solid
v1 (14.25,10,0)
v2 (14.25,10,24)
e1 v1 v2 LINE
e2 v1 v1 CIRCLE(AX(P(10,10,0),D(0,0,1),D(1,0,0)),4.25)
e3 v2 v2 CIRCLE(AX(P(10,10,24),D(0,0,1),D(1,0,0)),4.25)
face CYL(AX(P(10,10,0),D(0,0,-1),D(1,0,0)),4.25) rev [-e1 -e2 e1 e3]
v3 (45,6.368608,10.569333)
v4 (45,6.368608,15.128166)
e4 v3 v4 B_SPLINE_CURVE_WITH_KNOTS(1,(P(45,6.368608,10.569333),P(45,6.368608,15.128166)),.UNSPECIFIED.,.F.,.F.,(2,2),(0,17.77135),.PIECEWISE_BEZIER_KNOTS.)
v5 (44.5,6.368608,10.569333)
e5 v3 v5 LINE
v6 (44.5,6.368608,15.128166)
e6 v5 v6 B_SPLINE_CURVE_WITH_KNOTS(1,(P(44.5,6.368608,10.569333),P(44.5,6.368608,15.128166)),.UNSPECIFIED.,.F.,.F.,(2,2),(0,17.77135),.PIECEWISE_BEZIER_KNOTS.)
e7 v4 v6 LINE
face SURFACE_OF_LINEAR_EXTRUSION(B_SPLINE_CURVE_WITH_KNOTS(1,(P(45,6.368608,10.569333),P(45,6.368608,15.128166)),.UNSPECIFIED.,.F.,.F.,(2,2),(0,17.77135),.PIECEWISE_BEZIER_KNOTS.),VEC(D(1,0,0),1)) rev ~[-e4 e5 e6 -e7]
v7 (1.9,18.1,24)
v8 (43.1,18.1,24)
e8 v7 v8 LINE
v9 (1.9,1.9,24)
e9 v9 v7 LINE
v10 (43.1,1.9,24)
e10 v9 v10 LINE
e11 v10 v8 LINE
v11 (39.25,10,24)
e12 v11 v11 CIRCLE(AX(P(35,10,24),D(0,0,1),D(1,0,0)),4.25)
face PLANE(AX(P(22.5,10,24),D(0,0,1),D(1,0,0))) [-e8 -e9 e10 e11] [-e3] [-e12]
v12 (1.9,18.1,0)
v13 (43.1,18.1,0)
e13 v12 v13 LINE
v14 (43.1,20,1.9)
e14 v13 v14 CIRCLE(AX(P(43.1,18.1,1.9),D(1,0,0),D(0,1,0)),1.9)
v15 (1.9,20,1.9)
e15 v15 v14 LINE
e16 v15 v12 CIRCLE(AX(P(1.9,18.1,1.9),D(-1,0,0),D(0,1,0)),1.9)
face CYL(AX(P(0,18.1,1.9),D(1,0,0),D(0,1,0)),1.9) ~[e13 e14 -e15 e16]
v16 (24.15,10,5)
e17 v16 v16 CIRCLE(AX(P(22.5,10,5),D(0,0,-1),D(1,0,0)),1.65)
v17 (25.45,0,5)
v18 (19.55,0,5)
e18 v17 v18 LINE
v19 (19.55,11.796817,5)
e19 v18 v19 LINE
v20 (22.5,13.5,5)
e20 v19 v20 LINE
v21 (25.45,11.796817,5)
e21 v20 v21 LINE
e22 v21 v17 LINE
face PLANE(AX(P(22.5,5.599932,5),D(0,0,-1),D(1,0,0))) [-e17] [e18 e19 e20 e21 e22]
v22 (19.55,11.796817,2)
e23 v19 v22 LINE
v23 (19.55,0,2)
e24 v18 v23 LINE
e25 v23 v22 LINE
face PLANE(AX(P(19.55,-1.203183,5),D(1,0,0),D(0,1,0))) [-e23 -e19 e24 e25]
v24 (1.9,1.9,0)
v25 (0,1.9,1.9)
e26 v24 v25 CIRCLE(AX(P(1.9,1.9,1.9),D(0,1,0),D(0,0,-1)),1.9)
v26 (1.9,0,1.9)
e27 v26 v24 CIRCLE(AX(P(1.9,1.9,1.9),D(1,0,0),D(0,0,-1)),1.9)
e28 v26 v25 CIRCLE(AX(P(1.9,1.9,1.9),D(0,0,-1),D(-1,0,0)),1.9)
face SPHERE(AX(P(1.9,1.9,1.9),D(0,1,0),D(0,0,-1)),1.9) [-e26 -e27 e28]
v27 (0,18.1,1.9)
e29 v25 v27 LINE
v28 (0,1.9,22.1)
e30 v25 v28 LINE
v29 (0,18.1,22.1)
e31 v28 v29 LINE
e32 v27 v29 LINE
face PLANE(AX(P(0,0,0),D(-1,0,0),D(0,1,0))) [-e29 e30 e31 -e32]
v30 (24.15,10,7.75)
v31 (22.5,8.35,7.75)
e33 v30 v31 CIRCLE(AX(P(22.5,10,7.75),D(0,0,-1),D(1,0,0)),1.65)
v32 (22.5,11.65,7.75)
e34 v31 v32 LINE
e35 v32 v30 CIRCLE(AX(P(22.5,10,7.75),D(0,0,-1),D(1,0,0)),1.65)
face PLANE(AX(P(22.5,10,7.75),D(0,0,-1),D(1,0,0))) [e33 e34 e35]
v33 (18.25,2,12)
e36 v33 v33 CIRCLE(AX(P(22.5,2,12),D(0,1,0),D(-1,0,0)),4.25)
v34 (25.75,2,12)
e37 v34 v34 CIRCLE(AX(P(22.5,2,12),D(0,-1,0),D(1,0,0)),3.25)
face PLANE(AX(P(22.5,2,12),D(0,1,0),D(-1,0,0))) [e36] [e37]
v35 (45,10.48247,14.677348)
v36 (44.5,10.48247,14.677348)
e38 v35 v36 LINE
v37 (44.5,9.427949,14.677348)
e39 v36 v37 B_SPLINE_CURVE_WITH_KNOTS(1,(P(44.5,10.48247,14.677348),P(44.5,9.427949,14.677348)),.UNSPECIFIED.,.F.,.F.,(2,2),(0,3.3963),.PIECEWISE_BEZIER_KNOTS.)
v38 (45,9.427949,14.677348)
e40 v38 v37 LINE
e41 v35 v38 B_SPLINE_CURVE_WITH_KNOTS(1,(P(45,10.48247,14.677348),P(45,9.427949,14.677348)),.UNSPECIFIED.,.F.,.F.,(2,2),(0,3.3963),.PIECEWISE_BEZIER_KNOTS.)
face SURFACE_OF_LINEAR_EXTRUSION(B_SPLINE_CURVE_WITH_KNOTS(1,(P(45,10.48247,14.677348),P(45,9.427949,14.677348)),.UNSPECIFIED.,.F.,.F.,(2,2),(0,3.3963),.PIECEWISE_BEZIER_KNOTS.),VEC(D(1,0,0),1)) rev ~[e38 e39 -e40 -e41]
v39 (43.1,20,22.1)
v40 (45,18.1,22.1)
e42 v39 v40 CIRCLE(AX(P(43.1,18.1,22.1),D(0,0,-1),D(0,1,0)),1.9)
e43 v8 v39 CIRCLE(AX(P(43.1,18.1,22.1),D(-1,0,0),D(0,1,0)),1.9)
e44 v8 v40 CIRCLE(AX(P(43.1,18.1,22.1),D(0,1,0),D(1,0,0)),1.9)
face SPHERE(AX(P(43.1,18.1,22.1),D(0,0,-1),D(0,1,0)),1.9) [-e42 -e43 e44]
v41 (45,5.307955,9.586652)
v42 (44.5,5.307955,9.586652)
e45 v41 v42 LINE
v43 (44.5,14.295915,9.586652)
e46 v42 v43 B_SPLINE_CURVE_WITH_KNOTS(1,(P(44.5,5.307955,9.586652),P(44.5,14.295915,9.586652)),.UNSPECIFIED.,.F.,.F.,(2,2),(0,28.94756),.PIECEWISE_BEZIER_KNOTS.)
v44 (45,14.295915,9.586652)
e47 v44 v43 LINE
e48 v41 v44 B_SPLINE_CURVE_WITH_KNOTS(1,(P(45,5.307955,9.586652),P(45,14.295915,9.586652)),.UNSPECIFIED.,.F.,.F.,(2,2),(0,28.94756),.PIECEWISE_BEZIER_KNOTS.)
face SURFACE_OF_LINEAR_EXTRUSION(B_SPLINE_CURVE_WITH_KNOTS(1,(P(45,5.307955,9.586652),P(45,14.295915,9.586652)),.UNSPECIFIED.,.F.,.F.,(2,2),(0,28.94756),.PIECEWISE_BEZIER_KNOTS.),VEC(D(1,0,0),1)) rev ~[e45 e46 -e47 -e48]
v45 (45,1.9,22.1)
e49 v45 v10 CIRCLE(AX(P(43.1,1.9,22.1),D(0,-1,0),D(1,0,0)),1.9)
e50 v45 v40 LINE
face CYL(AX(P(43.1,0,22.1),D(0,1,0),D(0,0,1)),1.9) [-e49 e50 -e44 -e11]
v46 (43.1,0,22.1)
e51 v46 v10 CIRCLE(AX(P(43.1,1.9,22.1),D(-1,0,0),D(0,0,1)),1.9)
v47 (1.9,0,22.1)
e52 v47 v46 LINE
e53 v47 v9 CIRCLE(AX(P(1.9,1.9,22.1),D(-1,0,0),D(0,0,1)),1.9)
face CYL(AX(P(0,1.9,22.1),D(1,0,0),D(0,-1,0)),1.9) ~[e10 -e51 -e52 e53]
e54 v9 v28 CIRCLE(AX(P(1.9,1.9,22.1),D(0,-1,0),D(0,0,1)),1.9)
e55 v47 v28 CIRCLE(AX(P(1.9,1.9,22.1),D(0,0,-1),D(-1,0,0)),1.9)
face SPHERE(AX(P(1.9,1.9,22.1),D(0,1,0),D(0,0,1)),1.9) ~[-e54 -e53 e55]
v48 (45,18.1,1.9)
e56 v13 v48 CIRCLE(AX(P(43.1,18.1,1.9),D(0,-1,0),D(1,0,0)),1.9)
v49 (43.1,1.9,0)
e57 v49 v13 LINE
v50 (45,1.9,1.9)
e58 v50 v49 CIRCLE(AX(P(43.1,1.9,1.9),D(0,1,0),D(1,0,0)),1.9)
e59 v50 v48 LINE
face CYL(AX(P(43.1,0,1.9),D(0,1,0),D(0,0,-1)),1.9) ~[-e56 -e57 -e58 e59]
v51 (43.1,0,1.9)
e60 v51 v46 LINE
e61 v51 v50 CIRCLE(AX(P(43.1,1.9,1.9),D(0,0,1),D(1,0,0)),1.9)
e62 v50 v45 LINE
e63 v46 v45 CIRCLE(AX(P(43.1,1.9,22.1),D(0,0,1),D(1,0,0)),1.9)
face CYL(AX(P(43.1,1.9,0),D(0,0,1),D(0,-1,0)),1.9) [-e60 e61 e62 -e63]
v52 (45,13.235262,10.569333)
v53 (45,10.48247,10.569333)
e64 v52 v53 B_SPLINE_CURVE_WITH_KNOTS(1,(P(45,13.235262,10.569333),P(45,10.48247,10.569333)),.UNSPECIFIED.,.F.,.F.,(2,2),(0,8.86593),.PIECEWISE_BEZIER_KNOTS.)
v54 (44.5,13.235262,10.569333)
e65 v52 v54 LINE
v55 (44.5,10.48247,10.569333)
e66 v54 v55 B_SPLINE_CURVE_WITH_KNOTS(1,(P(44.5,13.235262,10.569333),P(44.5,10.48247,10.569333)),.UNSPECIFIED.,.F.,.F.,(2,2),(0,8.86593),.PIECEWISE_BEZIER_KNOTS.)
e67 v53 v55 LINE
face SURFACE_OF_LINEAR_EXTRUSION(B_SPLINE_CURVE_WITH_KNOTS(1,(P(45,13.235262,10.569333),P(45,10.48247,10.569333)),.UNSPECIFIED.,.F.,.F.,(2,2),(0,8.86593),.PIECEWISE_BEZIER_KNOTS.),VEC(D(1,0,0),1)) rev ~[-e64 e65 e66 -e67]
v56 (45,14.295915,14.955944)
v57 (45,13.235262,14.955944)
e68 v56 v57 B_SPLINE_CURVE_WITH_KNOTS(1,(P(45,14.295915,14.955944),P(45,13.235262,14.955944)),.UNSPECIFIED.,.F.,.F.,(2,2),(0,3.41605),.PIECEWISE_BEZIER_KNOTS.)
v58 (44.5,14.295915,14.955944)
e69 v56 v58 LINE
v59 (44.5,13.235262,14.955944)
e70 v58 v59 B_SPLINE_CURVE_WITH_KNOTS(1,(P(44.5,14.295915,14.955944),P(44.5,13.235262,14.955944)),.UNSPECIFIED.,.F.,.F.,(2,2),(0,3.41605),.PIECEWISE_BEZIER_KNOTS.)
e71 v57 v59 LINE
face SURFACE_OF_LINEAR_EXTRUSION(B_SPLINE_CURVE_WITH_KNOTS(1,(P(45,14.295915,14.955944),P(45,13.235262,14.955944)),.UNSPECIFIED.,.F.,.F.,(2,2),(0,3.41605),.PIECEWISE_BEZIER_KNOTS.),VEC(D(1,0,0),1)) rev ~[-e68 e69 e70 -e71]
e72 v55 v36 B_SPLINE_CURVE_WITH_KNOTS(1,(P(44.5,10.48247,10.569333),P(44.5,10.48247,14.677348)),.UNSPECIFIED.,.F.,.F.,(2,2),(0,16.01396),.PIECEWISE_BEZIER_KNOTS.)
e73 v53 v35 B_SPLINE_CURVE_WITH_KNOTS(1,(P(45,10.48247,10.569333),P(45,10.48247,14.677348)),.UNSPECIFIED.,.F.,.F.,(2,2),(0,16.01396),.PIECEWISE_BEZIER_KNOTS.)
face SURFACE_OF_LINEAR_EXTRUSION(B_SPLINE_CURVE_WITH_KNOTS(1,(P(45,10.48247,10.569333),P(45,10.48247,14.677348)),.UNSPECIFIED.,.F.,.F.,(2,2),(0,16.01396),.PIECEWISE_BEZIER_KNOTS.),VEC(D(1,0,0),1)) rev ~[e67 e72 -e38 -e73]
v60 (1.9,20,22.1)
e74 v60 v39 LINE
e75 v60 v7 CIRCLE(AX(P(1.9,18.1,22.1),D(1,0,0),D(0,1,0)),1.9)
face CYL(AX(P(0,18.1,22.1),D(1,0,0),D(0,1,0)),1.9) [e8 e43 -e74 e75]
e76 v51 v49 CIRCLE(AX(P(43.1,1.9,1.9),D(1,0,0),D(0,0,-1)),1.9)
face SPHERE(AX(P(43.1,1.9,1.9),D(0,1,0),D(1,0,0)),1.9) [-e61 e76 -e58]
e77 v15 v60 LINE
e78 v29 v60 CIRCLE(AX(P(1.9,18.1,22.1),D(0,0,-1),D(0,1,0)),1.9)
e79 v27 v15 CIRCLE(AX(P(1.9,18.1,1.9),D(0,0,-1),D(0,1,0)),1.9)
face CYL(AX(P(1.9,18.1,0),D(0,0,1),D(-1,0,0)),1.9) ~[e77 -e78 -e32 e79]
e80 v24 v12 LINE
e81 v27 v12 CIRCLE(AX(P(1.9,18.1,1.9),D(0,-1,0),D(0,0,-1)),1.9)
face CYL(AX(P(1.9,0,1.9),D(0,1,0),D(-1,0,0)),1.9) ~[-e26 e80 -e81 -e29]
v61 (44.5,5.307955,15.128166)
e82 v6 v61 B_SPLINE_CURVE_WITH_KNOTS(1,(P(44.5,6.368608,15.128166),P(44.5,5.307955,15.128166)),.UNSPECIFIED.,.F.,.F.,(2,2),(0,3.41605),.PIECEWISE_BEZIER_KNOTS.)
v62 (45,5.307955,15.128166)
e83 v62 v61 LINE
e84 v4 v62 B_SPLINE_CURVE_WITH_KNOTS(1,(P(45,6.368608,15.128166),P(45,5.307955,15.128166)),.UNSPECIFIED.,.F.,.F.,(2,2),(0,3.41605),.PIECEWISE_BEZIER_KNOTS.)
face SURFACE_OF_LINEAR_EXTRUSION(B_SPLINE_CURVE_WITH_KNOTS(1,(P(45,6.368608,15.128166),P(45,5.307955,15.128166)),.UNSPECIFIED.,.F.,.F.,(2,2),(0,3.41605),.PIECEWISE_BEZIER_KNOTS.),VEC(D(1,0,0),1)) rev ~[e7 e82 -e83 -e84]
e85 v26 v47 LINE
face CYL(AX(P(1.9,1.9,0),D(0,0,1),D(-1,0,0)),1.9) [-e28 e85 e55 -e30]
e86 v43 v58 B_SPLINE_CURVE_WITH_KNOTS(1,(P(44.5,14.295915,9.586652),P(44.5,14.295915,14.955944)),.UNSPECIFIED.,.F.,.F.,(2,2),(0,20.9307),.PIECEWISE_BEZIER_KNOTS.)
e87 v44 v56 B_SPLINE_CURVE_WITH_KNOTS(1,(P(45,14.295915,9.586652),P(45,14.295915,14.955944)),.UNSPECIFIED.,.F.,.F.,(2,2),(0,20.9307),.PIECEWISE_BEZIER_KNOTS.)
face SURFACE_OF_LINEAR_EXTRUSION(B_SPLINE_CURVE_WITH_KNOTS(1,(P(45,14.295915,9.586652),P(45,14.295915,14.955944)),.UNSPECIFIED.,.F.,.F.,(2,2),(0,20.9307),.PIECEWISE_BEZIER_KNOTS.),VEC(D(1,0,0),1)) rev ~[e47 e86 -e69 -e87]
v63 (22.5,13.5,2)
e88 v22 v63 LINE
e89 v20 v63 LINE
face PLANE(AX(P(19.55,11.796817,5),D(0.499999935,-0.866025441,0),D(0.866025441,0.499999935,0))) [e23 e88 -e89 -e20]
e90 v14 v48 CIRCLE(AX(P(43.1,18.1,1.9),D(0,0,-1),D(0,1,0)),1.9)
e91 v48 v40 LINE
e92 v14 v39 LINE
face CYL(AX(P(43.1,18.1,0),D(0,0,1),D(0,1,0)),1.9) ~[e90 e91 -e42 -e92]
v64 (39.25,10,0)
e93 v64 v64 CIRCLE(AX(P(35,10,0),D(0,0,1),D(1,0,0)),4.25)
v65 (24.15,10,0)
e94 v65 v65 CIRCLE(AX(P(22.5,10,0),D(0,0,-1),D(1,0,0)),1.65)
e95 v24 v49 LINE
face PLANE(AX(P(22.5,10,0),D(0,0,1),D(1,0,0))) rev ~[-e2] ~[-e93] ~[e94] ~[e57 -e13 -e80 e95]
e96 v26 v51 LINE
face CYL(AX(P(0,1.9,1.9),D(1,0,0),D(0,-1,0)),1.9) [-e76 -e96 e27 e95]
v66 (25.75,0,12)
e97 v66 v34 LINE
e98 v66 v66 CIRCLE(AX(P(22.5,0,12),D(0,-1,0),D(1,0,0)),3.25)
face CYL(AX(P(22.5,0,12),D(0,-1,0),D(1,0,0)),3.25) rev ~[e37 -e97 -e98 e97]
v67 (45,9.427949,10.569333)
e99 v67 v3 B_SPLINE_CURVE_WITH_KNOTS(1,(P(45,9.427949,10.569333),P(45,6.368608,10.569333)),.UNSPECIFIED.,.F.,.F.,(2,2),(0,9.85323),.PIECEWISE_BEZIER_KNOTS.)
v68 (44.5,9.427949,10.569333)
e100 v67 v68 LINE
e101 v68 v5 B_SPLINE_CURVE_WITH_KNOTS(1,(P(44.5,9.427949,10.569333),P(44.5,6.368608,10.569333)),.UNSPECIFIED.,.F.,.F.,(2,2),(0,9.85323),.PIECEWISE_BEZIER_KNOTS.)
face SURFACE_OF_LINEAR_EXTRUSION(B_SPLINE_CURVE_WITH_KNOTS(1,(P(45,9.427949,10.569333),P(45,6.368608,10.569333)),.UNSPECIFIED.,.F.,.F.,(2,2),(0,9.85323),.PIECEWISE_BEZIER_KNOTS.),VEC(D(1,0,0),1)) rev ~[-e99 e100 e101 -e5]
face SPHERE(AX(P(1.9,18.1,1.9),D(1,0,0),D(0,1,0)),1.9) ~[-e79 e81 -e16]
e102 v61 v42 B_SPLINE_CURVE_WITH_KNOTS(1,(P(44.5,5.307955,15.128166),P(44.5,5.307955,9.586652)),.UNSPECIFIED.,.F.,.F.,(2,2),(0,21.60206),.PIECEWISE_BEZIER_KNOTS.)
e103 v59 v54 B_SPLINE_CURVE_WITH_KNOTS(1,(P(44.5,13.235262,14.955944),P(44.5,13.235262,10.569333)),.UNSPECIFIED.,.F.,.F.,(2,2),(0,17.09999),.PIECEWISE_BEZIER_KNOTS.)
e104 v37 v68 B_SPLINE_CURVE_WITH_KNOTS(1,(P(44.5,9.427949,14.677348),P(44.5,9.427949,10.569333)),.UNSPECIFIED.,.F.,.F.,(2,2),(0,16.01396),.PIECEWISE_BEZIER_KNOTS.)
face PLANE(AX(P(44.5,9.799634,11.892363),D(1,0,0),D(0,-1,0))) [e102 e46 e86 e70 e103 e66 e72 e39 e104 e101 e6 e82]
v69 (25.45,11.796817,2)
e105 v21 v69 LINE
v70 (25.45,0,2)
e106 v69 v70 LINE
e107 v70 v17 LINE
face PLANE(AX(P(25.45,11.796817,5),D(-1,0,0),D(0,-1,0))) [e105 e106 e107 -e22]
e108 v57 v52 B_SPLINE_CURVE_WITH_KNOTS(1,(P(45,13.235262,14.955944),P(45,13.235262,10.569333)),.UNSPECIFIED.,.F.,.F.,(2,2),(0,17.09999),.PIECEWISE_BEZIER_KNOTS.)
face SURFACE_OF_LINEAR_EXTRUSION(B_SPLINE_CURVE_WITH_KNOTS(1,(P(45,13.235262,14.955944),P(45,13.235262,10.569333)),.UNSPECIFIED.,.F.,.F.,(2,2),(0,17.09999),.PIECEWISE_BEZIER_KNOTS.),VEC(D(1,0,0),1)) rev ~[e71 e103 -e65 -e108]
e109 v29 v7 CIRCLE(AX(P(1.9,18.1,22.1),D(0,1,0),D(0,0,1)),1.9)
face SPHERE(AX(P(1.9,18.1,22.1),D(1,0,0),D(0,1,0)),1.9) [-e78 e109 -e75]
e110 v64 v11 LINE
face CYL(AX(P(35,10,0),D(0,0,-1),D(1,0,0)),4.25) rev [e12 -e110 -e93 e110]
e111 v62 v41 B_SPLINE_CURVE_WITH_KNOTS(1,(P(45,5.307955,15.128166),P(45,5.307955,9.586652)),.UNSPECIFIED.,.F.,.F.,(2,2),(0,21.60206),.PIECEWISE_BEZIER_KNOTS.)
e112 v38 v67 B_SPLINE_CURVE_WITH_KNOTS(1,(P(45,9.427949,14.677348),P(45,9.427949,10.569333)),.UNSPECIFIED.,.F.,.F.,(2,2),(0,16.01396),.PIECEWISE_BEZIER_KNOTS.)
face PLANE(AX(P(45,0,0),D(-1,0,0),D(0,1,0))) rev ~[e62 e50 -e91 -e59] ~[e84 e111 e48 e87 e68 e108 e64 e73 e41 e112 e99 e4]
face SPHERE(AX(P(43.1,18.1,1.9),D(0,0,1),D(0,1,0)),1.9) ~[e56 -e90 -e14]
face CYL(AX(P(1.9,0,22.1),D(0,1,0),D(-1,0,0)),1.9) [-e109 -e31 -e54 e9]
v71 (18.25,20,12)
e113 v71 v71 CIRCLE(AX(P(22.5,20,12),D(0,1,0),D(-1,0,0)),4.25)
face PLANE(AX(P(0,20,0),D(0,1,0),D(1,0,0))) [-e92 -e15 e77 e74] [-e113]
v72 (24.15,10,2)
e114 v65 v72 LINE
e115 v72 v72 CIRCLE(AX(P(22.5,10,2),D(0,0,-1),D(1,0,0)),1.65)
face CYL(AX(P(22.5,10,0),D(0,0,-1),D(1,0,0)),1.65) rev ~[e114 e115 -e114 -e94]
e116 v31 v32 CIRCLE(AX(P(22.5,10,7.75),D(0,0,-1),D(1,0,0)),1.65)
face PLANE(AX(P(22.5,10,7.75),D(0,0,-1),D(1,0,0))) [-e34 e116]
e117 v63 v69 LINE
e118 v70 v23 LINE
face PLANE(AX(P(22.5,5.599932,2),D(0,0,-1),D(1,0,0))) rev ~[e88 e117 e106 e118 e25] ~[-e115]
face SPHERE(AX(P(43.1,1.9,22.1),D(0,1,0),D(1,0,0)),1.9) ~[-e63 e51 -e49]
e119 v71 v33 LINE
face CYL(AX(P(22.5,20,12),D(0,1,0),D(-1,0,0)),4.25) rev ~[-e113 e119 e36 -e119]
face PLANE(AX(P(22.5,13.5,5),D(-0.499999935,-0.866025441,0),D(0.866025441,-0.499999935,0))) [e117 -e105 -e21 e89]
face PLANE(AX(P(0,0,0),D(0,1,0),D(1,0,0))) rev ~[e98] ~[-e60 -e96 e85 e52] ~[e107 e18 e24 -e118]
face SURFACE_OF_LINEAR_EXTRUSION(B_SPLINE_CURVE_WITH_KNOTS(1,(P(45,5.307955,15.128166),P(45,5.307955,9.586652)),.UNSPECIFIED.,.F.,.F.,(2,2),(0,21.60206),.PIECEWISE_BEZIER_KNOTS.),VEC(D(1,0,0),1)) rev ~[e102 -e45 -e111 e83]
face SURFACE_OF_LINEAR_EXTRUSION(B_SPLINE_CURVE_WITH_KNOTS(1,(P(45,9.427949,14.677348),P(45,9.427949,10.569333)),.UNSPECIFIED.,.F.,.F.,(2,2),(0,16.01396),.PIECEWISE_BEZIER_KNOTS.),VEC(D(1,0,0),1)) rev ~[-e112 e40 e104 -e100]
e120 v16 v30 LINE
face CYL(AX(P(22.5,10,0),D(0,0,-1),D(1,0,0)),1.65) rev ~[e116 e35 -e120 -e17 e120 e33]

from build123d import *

# Parameters (mm, degrees)
EXTRUDE001_DEPTH = 0.5
PAD001_DEPTH     = 3
SKETCH_W         = 45
SKETCH_H         = 20
SKETCH_R         = 4.25
PAD_DEPTH        = 24
SKETCH001_R      = 3.25
POCKET_DEPTH     = 20.001
SKETCH003_R      = 4.25
POCKET001_DEPTH  = 18
SKETCH004_R      = 1.65
POCKET002_DEPTH  = 7.75
FILLET_R         = 1.9


with BuildPart() as letra_e_extruida:
    # path2990 → Extrude001 (new body)
    with BuildSketch(Plane(origin=(45, 9.801935, 12.357409), x_dir=(0, -1, 0), z_dir=(1, 0, 0))):
        with BuildLine():
            add(Edge.make_bspline(
                [(4.49398, 2.770757), (-4.49398, 2.770757)],
                knots=[0, 0, 28.94756, 28.94756], degree=1))
            add(Edge.make_bspline(
                [(-4.49398, 2.770757), (-4.49398, -2.598535)],
                knots=[0, 0, 20.9307, 20.9307], degree=1))
            add(Edge.make_bspline(
                [(-4.49398, -2.598535), (-3.433327, -2.598535)],
                knots=[0, 0, 3.41605, 3.41605], degree=1))
            add(Edge.make_bspline(
                [(-3.433327, -2.598535), (-3.433327, 1.788076)],
                knots=[0, 0, 17.09999, 17.09999], degree=1))
            add(Edge.make_bspline(
                [(-3.433327, 1.788076), (-0.680535, 1.788076)],
                knots=[0, 0, 8.86593, 8.86593], degree=1))
            add(Edge.make_bspline(
                [(-0.680535, 1.788076), (-0.680535, -2.319939)],
                knots=[0, 0, 16.01396, 16.01396], degree=1))
            add(Edge.make_bspline(
                [(-0.680535, -2.319939), (0.373986, -2.319939)],
                knots=[0, 0, 3.3963, 3.3963], degree=1))
            add(Edge.make_bspline(
                [(0.373986, -2.319939), (0.373986, 1.788076)],
                knots=[0, 0, 16.01396, 16.01396], degree=1))
            add(Edge.make_bspline(
                [(0.373986, 1.788076), (3.433327, 1.788076)],
                knots=[0, 0, 9.85323, 9.85323], degree=1))
            add(Edge.make_bspline(
                [(3.433327, 1.788076), (3.433327, -2.770757)],
                knots=[0, 0, 17.77135, 17.77135], degree=1))
            add(Edge.make_bspline(
                [(3.433327, -2.770757), (4.49398, -2.770757)],
                knots=[0, 0, 3.41605, 3.41605], degree=1))
            add(Edge.make_bspline(
                [(4.49398, -2.770757), (4.49398, 2.770757)],
                knots=[0, 0, 21.60206, 21.60206], degree=1))
        make_face()
    extrude(amount=-EXTRUDE001_DEPTH)


with BuildPart() as alojamiento_tuerca_m3:
    # Sketch005 → Pad001 (new body)
    with BuildSketch(Plane(origin=(22.5, 13.5, 5), x_dir=(1, 0, 0), z_dir=(0, 0, -1))):
        Polygon((-2.95, 14.703183), (-2.95, 1.703183), (0, 0), (2.95, 1.703183), (2.95, 14.703183), align=None)
    extrude(amount=PAD001_DEPTH)


with BuildPart() as redondeo_de_bordes:
    # Sketch → Pad (new body)
    with BuildSketch(Plane.XY):
        with Locations((22.5, 10)):
            Rectangle(SKETCH_W, SKETCH_H)
        with Locations((10, 10)):
            Circle(SKETCH_R, mode=Mode.SUBTRACT)
        with Locations((35, 10)):
            Circle(SKETCH_R, mode=Mode.SUBTRACT)
    extrude(amount=PAD_DEPTH)

    # Sketch001 → Pocket (cut, through all)
    with BuildSketch(Plane.XZ):
        with Locations((22.5, 12)):
            Circle(SKETCH001_R)
    extrude(amount=-POCKET_DEPTH, mode=Mode.SUBTRACT)

    # Sketch003 → Pocket001 (cut)
    with BuildSketch(Plane(origin=(0, 20, 0), x_dir=(-1, 0, 0), z_dir=(0, 1, 0))):
        with Locations((-22.5, 12)):
            Circle(SKETCH003_R)
    extrude(amount=-POCKET001_DEPTH, mode=Mode.SUBTRACT)

    # Sketch004 → Pocket002 (cut)
    with BuildSketch(Plane(origin=(0, 0, 0), x_dir=(1, 0, 0), z_dir=(0, 0, -1))):
        with Locations((22.5, -10)):
            Circle(SKETCH004_R)
    extrude(amount=-POCKET002_DEPTH, mode=Mode.SUBTRACT)

    # Cut: cut Alojamiento tuerca M3
    add(alojamiento_tuerca_m3.part, mode=Mode.SUBTRACT)

    # Cut001: cut Letra E extruida
    add(letra_e_extruida.part, mode=Mode.SUBTRACT)

    # Fillet
    fillet_edges = [redondeo_de_bordes.edges().sort_by_distance(p)[0] for p in [
        (45, 20, 12),
        (22.5, 20, 0),
        (22.5, 20, 24),
        (0, 20, 12),
        (45, 10, 0),
        (45, 10, 24),
        (45, 0, 12),
        (0, 10, 0),
        (22.5, 0, 0),
        (0, 10, 24),
        (22.5, 0, 24),
        (0, 0, 12),
    ]]
    fillet(fillet_edges, radius=FILLET_R)


solid = redondeo_de_bordes.part
